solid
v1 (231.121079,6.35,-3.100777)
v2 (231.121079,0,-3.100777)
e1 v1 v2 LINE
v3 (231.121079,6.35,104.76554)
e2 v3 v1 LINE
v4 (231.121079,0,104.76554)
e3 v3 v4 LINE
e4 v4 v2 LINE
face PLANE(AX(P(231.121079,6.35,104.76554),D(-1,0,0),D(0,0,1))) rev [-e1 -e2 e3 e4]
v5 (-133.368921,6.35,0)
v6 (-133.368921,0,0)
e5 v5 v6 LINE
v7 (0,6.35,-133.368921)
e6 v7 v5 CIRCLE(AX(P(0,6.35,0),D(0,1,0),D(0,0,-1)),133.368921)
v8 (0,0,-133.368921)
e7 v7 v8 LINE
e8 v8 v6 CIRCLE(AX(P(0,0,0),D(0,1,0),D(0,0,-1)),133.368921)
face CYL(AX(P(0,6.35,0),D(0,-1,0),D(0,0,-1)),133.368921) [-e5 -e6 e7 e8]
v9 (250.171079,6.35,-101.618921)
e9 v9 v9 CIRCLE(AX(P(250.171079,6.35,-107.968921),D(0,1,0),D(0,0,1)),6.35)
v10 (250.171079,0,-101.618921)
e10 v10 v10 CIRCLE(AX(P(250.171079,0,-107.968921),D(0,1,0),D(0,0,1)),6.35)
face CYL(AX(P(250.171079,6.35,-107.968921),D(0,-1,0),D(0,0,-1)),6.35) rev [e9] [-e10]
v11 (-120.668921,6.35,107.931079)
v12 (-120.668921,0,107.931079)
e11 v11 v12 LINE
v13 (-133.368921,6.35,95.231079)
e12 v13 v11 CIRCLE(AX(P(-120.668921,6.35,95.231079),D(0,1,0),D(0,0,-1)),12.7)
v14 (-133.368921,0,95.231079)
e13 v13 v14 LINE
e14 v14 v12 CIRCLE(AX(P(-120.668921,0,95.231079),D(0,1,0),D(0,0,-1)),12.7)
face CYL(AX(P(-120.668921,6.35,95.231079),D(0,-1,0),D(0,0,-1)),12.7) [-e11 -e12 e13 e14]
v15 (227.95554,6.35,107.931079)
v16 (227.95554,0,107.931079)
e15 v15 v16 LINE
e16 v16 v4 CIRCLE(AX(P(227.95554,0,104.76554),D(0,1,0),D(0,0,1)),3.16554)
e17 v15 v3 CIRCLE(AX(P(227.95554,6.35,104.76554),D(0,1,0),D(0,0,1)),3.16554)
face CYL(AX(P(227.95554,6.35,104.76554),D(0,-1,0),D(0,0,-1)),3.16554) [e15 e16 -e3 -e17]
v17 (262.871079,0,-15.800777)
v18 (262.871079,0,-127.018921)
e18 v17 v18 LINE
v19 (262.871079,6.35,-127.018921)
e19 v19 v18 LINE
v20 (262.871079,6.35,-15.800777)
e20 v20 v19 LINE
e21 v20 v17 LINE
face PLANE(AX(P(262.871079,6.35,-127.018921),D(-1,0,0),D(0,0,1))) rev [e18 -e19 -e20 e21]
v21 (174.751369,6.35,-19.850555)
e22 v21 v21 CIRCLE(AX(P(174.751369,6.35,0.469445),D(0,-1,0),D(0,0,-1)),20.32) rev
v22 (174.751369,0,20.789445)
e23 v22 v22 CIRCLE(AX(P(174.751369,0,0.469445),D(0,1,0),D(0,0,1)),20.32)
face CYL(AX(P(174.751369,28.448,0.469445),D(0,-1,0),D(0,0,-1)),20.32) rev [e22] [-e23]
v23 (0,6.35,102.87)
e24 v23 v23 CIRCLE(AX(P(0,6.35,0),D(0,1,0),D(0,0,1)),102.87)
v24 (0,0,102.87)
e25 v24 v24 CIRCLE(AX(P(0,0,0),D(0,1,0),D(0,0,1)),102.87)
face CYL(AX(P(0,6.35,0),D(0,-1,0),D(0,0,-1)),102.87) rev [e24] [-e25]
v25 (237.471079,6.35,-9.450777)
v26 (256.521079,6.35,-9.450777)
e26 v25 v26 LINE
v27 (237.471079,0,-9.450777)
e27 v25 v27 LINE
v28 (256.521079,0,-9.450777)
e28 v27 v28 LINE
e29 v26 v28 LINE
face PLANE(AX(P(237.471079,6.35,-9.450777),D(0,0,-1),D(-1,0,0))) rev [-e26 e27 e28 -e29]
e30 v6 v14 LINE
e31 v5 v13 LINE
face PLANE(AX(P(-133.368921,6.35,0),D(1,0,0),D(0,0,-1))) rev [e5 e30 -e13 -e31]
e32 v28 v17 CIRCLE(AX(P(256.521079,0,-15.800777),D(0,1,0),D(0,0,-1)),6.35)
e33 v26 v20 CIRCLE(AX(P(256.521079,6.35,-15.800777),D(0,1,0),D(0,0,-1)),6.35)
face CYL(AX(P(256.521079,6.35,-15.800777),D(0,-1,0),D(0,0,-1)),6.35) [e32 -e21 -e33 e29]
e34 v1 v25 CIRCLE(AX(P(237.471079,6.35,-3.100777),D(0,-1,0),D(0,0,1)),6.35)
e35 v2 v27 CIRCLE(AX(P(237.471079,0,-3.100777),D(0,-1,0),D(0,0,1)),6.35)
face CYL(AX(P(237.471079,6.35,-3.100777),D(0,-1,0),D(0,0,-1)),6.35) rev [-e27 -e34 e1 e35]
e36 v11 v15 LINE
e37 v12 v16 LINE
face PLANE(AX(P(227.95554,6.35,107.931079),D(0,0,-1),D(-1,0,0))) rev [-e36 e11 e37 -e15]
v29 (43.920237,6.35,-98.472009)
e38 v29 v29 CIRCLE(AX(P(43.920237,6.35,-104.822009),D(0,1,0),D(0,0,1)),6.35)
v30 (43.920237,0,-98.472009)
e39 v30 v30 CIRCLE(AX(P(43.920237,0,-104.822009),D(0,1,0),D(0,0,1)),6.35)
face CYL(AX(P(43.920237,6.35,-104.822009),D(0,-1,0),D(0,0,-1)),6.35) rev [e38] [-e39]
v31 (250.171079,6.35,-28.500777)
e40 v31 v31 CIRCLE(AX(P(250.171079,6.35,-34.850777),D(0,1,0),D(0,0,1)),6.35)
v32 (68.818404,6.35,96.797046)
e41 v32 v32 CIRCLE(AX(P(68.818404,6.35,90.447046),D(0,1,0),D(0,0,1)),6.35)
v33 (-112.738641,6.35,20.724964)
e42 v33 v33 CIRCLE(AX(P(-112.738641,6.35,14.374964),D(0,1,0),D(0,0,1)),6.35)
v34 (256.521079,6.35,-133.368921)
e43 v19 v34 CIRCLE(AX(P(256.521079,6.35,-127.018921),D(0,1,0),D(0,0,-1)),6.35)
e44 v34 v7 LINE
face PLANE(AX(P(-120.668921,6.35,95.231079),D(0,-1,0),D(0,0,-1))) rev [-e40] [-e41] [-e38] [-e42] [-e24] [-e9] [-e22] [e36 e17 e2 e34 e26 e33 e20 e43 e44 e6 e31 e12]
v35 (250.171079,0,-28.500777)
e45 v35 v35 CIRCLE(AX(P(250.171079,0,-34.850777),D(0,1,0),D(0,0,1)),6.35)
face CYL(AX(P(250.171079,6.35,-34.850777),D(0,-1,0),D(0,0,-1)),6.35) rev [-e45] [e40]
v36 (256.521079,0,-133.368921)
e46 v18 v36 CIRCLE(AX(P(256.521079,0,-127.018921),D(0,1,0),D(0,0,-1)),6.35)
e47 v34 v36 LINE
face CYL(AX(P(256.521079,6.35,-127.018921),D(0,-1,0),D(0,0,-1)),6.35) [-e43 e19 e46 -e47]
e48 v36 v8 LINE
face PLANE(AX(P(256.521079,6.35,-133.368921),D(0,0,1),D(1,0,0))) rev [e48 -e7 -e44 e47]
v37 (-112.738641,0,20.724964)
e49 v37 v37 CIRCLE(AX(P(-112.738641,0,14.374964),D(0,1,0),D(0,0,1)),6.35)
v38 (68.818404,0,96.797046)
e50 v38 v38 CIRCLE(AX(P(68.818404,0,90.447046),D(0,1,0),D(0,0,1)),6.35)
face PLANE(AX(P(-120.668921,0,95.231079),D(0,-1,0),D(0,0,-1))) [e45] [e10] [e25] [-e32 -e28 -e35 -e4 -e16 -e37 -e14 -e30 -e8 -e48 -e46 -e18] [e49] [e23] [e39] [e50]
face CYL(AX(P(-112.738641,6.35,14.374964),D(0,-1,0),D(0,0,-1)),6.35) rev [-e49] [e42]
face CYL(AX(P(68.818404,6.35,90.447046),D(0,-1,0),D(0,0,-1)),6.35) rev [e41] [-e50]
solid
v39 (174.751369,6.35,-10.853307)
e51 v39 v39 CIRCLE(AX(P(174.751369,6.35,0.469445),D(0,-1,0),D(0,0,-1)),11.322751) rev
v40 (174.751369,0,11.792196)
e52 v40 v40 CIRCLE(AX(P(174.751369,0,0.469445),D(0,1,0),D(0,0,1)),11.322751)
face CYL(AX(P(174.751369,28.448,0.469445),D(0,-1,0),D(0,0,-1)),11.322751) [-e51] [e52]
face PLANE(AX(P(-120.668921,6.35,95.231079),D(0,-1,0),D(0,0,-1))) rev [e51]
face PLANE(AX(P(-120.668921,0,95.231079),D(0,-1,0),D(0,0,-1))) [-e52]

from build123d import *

# Parameters (mm, degrees)
SKETCH1_R           = 102.87
SKETCH1_R_2         = 6.35
BOSS_EXTRUDE1_DEPTH = 6.35
SKETCH6_R           = 20.32
SKETCH6_R_2         = 11.322751343
CUT_EXTRUDE1_DEPTH  = 28.448


with BuildPart() as part:
    # Sketch1 → Boss-Extrude1 (new body)
    with BuildSketch(Plane(origin=(0, 0, 0), x_dir=(1, 0, 0), z_dir=(0, 1, 0))):
        with BuildLine():
            Line((256.521079071, 133.368920929), (0, 133.368920929))
            ThreePointArc((0, 133.368920929), (-94.306068389, 94.306068389), (-133.368920929, 0))
            Line((-133.368920929, 0), (-133.368920929, -95.231079071))
            ThreePointArc((-133.368920929, -95.231079071), (-129.64917705, -104.211335192), (-120.668920929, -107.931079071))
            Line((-120.668920929, -107.931079071), (227.955539535, -107.931079071))
            ThreePointArc((227.955539535, -107.931079071), (230.193914007, -107.003914007), (231.121079071, -104.765539535))
            Line((231.121079071, -104.765539535), (231.121079071, 3.100777109))
            ThreePointArc((231.121079071, 3.100777109), (232.98095101, 7.59090517), (237.471079071, 9.450777109))
            Line((237.471079071, 9.450777109), (256.521079071, 9.450777109))
            ThreePointArc((256.521079071, 9.450777109), (261.011207131, 11.310649048), (262.871079071, 15.800777109))
            Line((262.871079071, 15.800777109), (262.871079071, 127.018920929))
            ThreePointArc((262.871079071, 127.018920929), (261.011207131, 131.50904899), (256.521079071, 133.368920929))
        make_face()
        with Locations(Location((0, 0, 0), (0, 0, 270))):
            Circle(SKETCH1_R, mode=Mode.SUBTRACT)
        with Locations(Location((-112.738641363, -14.374963544, 0), (0, 0, 270))):
            Circle(SKETCH1_R_2, mode=Mode.SUBTRACT)
        with Locations(Location((43.920237074, 104.822009181, 0), (0, 0, 270))):
            Circle(SKETCH1_R_2, mode=Mode.SUBTRACT)
        with Locations(Location((68.818404289, -90.447045637, 0), (0, 0, 270))):
            Circle(SKETCH1_R_2, mode=Mode.SUBTRACT)
        with Locations(Location((250.171079071, 107.968920929, 0), (0, 0, 270))):
            Circle(SKETCH1_R_2, mode=Mode.SUBTRACT)
        with Locations(Location((250.171079071, 34.850777109, 0), (0, 0, 270))):
            Circle(SKETCH1_R_2, mode=Mode.SUBTRACT)
    extrude(amount=BOSS_EXTRUDE1_DEPTH)

    # Sketch6 → Cut-Extrude1 (cut)
    with BuildSketch(Plane(origin=(0, 0, 0), x_dir=(1, 0, 0), z_dir=(0, 1, 0))):
        with Locations(Location((174.751369453, -0.469444786, 0), (0, 0, 90))):
            Circle(SKETCH6_R)
        with Locations(Location((174.751369453, -0.469444786, 0), (0, 0, 90))):
            Circle(SKETCH6_R_2, mode=Mode.SUBTRACT)
    extrude(amount=CUT_EXTRUDE1_DEPTH, mode=Mode.SUBTRACT)


with BuildPart() as cut_extrude1_piece_1:
    # of the separate pieces the step leaves, piece 1, a body of its own (cut_extrude1_pieces)
    add(part.part.solids().sort_by_distance((256.521079071, 0, -9.450777109))[0])


with BuildPart() as cut_extrude1_piece_2:
    # of the separate pieces the step leaves, piece 2, a body of its own (cut_extrude1_pieces)
    add(part.part.solids().sort_by_distance((174.751369453, 0, -10.853306558))[0])


solid = Compound([cut_extrude1_piece_1.part, cut_extrude1_piece_2.part])
